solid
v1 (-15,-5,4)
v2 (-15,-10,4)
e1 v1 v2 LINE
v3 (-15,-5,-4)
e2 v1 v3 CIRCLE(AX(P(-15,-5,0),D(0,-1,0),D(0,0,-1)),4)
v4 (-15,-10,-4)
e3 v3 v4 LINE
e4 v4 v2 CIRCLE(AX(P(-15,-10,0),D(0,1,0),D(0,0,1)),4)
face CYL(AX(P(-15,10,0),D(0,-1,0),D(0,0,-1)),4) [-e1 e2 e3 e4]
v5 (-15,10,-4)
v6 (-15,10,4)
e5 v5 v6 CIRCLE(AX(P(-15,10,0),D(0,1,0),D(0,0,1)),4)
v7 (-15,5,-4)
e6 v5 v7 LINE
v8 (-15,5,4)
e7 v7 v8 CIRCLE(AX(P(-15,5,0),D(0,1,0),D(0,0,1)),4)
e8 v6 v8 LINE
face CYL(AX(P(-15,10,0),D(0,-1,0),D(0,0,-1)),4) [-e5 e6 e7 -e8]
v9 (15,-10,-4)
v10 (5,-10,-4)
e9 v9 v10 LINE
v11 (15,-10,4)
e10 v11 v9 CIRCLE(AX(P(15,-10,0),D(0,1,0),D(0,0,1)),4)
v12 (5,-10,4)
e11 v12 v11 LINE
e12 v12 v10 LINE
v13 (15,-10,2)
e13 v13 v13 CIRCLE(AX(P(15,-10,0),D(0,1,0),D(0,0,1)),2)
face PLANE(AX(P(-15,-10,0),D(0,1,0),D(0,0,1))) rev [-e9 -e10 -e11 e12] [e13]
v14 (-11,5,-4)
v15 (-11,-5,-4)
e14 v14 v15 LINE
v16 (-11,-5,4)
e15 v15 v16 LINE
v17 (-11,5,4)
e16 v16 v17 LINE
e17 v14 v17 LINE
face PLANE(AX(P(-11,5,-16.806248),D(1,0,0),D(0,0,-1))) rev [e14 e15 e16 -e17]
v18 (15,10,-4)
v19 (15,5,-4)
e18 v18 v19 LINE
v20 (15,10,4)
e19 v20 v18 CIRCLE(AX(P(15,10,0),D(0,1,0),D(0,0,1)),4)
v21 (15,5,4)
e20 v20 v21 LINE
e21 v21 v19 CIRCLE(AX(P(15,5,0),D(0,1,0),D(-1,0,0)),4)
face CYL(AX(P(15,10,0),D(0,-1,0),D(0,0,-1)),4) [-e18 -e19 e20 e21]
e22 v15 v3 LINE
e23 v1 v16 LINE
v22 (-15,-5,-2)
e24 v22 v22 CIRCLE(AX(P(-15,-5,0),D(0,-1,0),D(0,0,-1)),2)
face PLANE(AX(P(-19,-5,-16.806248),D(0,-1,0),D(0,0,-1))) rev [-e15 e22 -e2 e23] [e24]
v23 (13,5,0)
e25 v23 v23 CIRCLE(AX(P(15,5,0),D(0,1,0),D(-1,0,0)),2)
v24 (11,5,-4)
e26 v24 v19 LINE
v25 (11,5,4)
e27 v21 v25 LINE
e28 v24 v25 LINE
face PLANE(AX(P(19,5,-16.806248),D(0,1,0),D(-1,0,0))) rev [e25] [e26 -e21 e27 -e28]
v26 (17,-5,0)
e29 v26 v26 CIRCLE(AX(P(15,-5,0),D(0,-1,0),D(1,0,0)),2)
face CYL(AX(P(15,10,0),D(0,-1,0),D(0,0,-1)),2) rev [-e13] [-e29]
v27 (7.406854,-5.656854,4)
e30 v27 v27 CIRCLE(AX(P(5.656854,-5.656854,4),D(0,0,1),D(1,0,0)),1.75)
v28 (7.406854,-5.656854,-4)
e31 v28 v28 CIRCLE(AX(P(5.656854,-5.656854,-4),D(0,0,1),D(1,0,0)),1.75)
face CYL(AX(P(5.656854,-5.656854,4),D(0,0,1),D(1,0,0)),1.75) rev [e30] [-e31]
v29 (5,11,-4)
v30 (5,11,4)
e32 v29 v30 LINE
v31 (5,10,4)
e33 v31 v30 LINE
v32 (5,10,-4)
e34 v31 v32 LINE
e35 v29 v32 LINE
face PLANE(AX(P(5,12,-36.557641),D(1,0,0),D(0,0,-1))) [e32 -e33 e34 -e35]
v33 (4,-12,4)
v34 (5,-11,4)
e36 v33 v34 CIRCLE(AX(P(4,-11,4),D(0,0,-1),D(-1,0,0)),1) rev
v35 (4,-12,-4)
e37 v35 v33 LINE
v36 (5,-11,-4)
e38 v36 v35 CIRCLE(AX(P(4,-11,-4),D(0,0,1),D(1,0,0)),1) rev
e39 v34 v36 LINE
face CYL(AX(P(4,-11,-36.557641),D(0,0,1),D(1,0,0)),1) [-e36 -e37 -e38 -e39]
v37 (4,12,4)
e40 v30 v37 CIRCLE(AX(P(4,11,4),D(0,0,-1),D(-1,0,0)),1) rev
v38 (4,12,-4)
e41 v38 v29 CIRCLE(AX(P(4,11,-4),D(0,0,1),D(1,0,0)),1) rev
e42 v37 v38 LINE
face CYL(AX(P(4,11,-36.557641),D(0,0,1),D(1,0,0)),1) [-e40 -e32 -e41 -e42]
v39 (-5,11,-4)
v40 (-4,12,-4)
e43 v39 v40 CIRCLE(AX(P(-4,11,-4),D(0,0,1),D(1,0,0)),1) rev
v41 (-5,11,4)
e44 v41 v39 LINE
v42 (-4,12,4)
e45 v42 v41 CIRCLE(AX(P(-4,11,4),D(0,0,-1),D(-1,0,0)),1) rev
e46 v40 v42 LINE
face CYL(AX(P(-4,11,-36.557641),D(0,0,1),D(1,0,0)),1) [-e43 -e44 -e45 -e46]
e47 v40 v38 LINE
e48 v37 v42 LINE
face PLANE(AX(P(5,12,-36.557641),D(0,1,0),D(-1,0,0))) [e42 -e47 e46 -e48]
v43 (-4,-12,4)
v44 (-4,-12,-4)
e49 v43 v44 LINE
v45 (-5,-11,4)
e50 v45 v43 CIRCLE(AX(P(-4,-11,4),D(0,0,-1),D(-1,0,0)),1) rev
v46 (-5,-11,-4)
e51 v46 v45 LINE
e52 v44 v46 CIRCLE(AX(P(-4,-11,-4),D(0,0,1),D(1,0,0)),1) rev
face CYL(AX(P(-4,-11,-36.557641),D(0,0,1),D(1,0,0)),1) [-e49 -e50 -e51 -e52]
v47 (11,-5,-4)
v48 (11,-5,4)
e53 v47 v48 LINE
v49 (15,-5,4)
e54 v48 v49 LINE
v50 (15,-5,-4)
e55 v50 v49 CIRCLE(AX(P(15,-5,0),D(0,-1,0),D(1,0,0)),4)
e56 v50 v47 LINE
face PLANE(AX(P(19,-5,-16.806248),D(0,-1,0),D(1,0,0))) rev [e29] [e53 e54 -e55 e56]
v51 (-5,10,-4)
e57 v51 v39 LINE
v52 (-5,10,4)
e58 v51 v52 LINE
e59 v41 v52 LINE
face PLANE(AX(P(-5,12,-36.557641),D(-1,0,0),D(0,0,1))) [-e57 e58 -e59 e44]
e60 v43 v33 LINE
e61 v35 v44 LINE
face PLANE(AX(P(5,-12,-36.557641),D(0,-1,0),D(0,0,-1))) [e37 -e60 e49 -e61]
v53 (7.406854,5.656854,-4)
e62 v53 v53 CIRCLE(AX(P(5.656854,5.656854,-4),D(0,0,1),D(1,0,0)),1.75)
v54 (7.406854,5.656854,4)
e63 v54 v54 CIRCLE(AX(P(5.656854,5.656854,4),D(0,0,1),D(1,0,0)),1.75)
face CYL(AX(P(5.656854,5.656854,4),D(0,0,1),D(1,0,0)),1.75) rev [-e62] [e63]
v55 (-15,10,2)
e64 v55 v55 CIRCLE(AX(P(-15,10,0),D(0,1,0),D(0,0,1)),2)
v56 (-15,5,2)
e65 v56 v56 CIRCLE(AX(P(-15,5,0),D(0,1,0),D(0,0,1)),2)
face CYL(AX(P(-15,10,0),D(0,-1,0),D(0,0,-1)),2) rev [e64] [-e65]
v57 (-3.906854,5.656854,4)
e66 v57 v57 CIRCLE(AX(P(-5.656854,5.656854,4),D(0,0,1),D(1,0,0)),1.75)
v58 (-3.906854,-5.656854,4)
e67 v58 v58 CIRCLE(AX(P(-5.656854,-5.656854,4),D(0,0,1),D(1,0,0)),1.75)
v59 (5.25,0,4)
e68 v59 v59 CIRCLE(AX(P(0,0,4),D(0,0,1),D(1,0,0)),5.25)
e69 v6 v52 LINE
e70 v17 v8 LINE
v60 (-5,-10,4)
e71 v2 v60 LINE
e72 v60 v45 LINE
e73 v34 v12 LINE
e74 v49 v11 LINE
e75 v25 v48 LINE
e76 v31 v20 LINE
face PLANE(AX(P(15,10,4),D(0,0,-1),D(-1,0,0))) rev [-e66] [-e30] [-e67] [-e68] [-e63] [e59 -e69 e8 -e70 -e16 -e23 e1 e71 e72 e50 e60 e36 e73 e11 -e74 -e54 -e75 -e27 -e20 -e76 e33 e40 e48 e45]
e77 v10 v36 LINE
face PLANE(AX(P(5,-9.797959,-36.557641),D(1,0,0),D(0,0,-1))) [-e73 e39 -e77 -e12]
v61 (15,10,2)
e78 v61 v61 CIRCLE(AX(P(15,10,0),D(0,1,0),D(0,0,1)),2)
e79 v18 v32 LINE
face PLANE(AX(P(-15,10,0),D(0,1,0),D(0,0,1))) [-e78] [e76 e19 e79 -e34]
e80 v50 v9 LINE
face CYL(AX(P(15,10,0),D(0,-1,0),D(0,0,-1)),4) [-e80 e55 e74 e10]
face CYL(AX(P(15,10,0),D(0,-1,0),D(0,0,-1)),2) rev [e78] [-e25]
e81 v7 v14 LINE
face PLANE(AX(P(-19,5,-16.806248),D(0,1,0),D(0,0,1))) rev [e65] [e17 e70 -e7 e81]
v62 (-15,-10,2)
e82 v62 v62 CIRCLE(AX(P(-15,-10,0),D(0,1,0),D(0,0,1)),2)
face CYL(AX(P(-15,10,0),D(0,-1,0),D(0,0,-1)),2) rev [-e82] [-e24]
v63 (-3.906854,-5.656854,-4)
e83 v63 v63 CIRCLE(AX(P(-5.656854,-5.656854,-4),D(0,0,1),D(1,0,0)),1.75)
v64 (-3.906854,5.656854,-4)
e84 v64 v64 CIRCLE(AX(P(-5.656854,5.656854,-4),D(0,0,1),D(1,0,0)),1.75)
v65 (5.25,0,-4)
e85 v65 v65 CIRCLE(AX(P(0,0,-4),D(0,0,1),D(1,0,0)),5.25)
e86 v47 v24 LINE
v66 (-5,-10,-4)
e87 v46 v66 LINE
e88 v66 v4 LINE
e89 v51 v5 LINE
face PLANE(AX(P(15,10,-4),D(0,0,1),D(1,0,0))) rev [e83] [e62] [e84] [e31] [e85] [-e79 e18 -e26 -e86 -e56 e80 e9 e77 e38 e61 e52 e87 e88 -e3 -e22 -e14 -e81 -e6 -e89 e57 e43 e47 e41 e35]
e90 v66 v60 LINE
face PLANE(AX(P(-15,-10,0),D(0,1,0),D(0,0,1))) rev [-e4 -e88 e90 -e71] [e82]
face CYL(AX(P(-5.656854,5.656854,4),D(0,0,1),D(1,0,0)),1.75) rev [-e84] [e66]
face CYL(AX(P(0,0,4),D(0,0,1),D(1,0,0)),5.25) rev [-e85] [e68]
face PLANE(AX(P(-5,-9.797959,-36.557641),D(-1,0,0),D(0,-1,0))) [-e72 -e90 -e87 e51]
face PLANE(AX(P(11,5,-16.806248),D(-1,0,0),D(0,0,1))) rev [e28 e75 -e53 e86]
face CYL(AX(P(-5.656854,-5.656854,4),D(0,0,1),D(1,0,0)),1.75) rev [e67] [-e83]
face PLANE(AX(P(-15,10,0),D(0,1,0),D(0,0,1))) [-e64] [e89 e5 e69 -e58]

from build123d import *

# Parameters (mm, degrees)
SKETCH1_R                    = 2
BOSS_EXTRUDE1_DEPTH          = 10
CUT_EXTRUDE2_REACH           = 24.913
SKETCH3_W                    = 8
SKETCH3_H                    = 10
BOSS_EXTRUDE2_DEPTH          = 8
F_10_5_10_5_DIAMETER_HOLE1_D = 10.5
F_3_5_3_5_DIAMETER_HOLE1_D   = 3.5
FILLET1_R                    = 1


with BuildPart() as part:
    # Sketch1 → Boss-Extrude1 (new, symmetric)
    with BuildSketch(Plane(origin=(0, 0, 0), x_dir=(1, 0, 0), z_dir=(0, 1, 0))):
        with BuildLine():
            Line((15, 4), (-15, 4))
            ThreePointArc((-15, 4), (-19, 0), (-15, -4))
            Line((-15, -4), (15, -4))
            ThreePointArc((15, -4), (19, 0), (15, 4))
        make_face()
        with Locations(Location((-15, 0, 0), (0, 0, 270))):
            Circle(SKETCH1_R, mode=Mode.SUBTRACT)
        with Locations(Location((15, 0, 0), (0, 0, 270))):
            Circle(SKETCH1_R, mode=Mode.SUBTRACT)
    extrude(amount=BOSS_EXTRUDE1_DEPTH, both=True)

    # Cut-Extrude2: up to this face of the body (flat: up to its plane)
    cut_extrude2_end = Plane(part.part.faces().sort_by_distance((0, 0, -4))[0])
    # Sketch3 → Cut-Extrude2 (cut, up to the picked face)
    with BuildSketch(Plane.XY.offset(4), mode=Mode.PRIVATE) as cut_extrude2_sk1:
        with Locations((-15, 0)):
            Rectangle(SKETCH3_W, SKETCH3_H)
    cut_extrude2_tool1 = split(extrude(cut_extrude2_sk1.sketch, amount=-CUT_EXTRUDE2_REACH, mode=Mode.PRIVATE), bisect_by=cut_extrude2_end, keep=Keep.BOTH, mode=Mode.PRIVATE)
    # Sketch3 → Cut-Extrude2 (cut, up to the picked face)
    with BuildSketch(Plane.XY.offset(4), mode=Mode.PRIVATE) as cut_extrude2_sk2:
        with Locations((15, 0)):
            Rectangle(SKETCH3_W, SKETCH3_H)
    cut_extrude2_tool2 = split(extrude(cut_extrude2_sk2.sketch, amount=-CUT_EXTRUDE2_REACH, mode=Mode.PRIVATE), bisect_by=cut_extrude2_end, keep=Keep.BOTH, mode=Mode.PRIVATE)
    add(cut_extrude2_tool1.solids().sort_by(Axis((-15, 0, 4), (0, 0, -1)))[0], mode=Mode.SUBTRACT)
    add(cut_extrude2_tool2.solids().sort_by(Axis((15, 0, 4), (0, 0, -1)))[0], mode=Mode.SUBTRACT)

    # Sketch2 → Boss-Extrude2 (add)
    with BuildSketch(Plane.XY.offset(4)):
        with BuildLine():
            Line((-5, -9.797958971), (-5, -12))
            Line((-5, -12), (5, -12))
            Line((5, -12), (5, -9.797958971))
            ThreePointArc((5, -9.797958971), (11, 0), (5, 9.797958971))
            Line((5, 9.797958971), (5, 12))
            Line((5, 12), (-5, 12))
            Line((-5, 12), (-5, 9.797958971))
            ThreePointArc((-5, 9.797958971), (-11, 0), (-5, -9.797958971))
        make_face()
    extrude(amount=-BOSS_EXTRUDE2_DEPTH)

    # Ø10.5 (10.5) Diameter Hole1 (through all)
    with Locations(Plane.XY.offset(4)):
        with Locations((0, 0)):
            Hole(F_10_5_10_5_DIAMETER_HOLE1_D / 2)

    # Ø3.5 (3.5) Diameter Hole1 (through all)
    with Locations(Plane(origin=(5.656854249, 5.656854249, 4), x_dir=(1, 0, 0), z_dir=(0, 0, 1))):
        with Locations((0, 0), (0, -11.313708498), (-11.313708498, 0), (-11.313708498, -11.313708498)):
            Hole(F_3_5_3_5_DIAMETER_HOLE1_D / 2)

    # Fillet1
    fillet1_edges = [part.edges().sort_by_distance(p)[0] for p in [
        (-5, -12, 0),
        (-5, 12, 0),
        (5, 12, 0),
        (5, -12, 0),
    ]]
    fillet(fillet1_edges, radius=FILLET1_R)


solid = part.part
